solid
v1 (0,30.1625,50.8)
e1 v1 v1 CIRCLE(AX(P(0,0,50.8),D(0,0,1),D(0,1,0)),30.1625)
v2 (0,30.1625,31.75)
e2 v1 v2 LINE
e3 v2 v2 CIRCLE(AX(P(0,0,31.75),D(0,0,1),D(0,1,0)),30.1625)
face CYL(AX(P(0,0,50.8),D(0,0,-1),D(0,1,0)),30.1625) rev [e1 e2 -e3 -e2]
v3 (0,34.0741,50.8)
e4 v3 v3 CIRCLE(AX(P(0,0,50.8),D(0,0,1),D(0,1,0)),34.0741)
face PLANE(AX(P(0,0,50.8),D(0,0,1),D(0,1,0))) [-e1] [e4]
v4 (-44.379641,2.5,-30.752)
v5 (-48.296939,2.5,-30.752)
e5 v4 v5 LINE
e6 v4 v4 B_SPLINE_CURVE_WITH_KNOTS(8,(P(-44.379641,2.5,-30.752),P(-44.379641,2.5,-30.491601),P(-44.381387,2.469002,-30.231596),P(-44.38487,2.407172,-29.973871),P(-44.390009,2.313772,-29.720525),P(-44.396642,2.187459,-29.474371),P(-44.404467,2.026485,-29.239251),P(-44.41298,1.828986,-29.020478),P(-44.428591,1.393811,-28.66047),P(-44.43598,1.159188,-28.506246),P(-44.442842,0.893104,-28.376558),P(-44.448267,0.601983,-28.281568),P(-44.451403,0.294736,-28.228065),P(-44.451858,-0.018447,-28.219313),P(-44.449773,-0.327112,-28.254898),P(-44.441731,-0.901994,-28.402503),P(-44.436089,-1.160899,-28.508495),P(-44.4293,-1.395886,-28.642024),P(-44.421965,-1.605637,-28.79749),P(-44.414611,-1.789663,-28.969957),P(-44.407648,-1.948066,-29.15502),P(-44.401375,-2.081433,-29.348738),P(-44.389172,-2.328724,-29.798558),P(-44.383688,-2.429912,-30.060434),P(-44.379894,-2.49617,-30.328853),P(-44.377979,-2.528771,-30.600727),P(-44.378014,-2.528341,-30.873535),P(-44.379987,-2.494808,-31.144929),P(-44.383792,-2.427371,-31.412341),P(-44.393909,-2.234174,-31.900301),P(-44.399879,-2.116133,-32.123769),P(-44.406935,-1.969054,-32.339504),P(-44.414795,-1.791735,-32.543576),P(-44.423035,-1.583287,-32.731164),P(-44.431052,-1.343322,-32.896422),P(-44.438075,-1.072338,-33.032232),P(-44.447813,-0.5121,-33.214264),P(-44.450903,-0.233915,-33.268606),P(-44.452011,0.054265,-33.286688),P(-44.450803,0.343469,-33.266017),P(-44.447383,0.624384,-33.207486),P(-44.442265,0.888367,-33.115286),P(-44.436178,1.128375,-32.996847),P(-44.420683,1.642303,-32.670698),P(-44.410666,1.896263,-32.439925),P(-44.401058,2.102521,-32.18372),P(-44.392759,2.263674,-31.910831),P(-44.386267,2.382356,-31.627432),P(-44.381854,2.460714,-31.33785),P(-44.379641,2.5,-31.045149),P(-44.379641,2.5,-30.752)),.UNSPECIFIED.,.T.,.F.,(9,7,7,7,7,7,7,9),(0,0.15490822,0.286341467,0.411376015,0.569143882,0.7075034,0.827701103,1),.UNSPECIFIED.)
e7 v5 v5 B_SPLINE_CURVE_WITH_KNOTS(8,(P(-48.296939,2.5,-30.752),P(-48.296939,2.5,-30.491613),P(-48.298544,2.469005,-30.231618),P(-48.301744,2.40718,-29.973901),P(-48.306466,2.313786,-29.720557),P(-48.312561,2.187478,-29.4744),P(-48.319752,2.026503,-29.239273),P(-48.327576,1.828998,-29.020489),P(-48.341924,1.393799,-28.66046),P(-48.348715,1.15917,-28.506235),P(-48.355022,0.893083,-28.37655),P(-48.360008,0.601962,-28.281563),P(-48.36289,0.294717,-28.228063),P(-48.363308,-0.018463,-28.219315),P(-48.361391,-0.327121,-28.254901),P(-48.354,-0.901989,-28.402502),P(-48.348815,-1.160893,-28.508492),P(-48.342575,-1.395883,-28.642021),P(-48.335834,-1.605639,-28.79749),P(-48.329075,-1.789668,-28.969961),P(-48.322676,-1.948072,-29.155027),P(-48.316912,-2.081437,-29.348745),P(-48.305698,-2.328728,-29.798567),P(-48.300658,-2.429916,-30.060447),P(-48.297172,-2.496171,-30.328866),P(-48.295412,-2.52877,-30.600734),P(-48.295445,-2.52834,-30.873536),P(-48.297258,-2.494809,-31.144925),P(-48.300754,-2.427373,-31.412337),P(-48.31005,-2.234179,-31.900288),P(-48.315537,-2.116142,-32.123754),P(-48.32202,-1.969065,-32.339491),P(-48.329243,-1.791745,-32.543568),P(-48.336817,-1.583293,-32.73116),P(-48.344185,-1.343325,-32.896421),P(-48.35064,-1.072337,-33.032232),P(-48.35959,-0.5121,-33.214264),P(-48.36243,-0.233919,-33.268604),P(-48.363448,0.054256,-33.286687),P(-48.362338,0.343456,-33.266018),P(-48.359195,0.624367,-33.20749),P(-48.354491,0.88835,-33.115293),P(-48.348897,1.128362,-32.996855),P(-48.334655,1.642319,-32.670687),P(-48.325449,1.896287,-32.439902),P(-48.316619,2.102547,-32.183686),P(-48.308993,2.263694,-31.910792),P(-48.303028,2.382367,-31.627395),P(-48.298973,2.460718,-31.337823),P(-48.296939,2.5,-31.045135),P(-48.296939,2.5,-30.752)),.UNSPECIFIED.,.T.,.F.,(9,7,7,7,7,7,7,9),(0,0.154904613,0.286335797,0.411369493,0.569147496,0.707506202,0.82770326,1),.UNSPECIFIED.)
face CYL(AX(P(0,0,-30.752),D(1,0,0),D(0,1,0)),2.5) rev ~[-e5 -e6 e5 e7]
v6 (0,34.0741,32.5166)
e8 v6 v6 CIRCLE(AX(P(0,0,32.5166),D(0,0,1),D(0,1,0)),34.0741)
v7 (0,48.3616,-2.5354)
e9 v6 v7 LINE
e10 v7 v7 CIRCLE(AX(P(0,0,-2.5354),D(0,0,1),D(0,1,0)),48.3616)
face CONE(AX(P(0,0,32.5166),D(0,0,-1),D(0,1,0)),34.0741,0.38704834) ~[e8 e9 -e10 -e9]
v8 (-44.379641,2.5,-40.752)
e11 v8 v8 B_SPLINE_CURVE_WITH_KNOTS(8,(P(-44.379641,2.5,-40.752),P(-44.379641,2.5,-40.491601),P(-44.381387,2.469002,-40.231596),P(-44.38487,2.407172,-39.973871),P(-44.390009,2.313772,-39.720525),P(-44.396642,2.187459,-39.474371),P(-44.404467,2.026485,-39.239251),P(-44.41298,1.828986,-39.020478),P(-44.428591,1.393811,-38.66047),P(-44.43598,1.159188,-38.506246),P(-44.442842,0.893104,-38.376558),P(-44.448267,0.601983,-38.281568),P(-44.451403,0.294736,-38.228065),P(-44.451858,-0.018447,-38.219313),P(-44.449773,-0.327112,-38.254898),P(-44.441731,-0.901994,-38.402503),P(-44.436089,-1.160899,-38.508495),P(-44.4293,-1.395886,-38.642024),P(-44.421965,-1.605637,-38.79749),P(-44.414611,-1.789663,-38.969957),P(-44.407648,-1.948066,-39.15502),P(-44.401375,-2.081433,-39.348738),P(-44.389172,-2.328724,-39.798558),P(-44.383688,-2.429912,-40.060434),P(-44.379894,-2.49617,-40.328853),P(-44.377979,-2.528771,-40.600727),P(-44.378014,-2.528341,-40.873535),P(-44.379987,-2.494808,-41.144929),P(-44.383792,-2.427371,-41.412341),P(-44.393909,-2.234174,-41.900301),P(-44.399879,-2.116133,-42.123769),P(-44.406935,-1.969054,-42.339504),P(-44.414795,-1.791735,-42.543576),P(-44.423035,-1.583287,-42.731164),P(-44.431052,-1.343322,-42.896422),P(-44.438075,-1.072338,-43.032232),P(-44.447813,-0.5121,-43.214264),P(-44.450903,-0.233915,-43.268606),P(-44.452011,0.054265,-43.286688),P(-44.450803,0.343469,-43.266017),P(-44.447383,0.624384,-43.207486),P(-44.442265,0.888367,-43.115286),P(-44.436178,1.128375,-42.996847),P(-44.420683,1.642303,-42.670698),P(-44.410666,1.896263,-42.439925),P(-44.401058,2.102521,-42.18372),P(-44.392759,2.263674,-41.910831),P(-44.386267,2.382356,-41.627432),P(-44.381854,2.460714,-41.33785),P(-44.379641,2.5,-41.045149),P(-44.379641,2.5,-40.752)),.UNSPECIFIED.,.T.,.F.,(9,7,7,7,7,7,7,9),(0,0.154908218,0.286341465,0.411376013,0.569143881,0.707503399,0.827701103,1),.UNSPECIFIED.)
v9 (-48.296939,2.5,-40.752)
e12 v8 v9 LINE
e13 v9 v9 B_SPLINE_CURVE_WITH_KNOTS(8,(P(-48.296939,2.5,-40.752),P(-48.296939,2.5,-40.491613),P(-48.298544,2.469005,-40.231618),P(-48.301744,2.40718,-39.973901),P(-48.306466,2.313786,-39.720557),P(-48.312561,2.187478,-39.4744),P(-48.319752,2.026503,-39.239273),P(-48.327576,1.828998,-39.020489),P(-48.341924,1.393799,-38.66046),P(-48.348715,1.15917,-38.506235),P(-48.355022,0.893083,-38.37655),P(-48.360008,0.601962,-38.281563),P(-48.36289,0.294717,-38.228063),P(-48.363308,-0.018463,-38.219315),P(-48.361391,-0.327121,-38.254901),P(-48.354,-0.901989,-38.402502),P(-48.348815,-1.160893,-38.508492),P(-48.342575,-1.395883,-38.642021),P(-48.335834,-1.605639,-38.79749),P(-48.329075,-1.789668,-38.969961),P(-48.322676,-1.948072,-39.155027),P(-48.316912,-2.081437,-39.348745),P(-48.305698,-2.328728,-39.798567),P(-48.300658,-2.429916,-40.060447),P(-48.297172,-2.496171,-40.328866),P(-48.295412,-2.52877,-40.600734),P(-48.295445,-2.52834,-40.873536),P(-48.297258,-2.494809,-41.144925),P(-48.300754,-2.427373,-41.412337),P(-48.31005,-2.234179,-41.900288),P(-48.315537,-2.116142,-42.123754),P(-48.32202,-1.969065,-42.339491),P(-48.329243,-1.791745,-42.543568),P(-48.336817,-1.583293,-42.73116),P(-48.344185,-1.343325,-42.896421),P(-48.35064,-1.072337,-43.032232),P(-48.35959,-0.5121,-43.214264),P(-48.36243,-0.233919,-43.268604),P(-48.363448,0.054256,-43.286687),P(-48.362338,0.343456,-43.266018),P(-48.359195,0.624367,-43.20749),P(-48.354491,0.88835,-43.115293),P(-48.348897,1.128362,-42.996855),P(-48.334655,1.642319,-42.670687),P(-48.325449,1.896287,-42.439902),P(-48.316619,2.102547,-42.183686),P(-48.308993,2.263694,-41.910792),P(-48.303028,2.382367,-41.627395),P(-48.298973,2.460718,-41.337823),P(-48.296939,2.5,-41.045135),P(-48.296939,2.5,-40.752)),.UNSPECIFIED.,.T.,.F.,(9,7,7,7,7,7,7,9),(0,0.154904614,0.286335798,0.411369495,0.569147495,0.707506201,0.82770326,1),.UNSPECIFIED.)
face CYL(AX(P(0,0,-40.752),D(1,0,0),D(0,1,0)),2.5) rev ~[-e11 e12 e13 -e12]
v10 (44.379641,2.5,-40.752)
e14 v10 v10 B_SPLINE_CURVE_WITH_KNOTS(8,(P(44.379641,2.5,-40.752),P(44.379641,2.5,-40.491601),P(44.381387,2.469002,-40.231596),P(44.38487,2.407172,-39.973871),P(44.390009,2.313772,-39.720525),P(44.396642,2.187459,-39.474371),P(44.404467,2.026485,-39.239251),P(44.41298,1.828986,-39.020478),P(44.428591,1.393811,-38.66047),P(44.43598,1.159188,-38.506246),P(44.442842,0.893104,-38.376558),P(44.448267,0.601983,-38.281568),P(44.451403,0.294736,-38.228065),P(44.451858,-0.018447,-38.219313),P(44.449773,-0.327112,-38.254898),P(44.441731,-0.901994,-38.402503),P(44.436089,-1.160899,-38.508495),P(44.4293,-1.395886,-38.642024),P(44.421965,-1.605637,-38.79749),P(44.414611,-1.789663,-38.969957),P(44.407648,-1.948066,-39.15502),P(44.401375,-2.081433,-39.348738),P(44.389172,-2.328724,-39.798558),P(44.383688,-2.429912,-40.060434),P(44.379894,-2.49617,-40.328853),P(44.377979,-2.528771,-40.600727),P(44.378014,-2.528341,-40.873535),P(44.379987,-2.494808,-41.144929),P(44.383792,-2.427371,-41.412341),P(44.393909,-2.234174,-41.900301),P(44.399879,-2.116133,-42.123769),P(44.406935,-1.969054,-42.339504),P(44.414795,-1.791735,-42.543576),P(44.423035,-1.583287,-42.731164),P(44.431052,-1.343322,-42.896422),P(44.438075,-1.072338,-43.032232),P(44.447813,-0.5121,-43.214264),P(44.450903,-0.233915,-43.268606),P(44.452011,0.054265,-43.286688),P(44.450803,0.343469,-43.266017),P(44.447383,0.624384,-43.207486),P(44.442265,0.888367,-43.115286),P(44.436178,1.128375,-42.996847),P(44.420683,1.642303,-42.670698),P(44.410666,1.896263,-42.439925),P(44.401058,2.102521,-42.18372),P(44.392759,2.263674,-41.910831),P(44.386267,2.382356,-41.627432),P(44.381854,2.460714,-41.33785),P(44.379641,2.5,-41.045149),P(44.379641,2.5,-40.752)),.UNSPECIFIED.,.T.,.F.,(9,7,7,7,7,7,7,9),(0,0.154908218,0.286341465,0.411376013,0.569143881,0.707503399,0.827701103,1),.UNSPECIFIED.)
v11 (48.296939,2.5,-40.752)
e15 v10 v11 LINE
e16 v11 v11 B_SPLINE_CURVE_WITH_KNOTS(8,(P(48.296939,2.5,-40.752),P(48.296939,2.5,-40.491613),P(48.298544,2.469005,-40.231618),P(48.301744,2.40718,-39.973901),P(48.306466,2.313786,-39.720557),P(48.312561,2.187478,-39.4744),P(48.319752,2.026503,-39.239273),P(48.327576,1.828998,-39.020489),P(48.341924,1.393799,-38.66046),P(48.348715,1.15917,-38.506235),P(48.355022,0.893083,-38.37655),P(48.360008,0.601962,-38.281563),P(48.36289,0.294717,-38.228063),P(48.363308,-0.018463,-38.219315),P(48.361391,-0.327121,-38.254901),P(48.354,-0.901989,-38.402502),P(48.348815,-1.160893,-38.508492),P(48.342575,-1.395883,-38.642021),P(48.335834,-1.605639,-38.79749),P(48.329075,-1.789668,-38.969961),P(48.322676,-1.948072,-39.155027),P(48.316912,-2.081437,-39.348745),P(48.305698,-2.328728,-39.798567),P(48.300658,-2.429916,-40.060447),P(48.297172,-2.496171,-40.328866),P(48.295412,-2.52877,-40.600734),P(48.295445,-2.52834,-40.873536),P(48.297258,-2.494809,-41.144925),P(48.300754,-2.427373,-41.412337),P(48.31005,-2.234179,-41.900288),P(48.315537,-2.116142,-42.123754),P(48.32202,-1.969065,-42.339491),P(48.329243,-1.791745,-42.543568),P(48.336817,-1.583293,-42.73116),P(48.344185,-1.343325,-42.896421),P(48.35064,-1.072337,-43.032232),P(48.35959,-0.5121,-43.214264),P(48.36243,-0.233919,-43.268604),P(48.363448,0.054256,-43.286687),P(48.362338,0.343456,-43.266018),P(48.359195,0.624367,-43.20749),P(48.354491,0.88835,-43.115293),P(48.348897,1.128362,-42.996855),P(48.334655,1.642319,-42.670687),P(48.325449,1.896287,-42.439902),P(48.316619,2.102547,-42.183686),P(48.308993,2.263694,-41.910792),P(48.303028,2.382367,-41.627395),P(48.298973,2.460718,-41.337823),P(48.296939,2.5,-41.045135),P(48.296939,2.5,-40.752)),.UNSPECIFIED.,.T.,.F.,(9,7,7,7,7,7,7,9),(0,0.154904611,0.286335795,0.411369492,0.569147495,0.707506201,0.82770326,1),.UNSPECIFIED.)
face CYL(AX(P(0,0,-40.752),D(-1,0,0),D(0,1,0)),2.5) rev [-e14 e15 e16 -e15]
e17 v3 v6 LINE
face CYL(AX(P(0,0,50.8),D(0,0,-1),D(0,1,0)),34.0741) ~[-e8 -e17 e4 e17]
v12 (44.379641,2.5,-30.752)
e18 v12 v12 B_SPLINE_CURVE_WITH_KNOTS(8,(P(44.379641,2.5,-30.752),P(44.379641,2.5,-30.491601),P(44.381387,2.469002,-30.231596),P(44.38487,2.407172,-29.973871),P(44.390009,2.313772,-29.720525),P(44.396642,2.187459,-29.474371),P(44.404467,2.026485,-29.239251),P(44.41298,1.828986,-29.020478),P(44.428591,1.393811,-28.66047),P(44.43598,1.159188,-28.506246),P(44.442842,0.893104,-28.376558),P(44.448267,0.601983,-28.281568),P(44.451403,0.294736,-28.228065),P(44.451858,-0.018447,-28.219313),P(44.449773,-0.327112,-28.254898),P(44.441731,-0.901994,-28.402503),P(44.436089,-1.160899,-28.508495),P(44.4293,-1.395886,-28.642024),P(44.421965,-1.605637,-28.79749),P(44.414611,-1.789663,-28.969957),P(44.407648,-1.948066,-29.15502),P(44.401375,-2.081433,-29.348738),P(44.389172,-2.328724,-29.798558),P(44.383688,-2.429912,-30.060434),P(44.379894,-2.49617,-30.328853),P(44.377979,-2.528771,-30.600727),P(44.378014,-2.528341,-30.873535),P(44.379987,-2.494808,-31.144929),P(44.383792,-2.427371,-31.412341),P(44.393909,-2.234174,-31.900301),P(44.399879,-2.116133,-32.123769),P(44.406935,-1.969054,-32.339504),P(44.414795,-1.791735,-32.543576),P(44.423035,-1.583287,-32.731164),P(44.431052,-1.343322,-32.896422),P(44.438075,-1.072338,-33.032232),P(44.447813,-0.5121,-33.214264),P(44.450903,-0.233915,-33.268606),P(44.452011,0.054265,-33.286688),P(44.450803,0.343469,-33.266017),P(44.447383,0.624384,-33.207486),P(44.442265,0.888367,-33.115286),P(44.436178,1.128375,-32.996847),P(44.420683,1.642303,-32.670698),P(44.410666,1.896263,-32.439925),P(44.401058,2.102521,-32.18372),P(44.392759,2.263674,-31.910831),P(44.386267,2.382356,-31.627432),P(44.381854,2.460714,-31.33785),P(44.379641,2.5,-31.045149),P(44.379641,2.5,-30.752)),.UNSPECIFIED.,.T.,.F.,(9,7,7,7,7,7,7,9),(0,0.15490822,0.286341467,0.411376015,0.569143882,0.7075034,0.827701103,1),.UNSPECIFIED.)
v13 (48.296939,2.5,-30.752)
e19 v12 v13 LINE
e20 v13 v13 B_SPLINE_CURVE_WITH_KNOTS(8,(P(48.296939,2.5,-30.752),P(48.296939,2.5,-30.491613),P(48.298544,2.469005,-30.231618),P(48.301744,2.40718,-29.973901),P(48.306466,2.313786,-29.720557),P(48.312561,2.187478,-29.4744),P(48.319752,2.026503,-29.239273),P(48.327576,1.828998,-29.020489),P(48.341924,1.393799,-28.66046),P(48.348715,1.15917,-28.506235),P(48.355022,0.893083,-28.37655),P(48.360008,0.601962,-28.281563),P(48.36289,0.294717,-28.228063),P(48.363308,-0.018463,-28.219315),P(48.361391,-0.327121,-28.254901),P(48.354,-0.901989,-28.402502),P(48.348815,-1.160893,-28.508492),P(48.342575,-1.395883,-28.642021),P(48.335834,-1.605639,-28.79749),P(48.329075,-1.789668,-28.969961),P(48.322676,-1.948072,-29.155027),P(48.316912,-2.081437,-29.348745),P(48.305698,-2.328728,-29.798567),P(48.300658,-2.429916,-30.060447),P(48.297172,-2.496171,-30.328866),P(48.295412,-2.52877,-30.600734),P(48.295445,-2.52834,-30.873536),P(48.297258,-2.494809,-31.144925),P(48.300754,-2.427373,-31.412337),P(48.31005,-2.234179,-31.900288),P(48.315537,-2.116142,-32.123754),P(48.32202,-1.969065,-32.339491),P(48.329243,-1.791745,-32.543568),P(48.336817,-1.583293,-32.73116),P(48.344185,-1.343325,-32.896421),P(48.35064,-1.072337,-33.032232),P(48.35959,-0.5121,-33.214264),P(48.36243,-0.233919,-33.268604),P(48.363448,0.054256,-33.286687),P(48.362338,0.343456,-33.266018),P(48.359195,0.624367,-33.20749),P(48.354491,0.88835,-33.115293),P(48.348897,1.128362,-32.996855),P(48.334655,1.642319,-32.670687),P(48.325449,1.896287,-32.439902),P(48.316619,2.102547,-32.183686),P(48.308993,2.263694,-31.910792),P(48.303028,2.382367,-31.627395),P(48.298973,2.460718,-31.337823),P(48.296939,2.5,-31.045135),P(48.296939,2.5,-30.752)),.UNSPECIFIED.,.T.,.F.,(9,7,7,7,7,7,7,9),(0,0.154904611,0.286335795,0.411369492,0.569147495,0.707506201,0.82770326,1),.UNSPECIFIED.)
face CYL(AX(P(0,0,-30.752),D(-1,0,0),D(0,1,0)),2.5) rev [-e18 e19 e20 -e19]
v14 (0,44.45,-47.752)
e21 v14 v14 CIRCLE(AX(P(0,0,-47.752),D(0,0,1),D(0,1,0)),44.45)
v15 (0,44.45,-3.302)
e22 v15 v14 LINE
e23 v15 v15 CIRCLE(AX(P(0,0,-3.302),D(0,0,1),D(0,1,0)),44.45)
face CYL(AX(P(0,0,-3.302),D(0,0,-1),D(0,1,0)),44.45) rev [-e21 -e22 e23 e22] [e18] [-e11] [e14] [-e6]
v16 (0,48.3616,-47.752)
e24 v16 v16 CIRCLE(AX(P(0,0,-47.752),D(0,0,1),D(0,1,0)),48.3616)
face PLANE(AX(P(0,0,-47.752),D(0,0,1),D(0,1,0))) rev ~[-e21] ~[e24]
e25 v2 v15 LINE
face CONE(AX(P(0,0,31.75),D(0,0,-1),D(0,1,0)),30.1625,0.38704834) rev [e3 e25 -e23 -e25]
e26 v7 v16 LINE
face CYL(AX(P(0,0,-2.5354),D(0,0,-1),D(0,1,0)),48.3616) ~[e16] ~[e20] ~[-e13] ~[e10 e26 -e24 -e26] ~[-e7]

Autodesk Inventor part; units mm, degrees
ref_plane "YZ Plane" through (0, 0, 0) normal (1, 0, 0) x (0, 1, 0)
ref_plane "XZ Plane" through (0, 0, 0) normal (0, 1, 0) x (-1, 0, 0)
ref_plane "XY Plane" through (0, 0, 0) normal (0, 0, 1) x (1, 0, 0)
sketch "Sketch1" plane through (0, 0, 0) normal (1, 0, 0) x (0, 1, 0)
  line L0 (30.1625, 50.8) -> (30.1625, 31.75)
  line L1 (30.1625, 31.75) -> (44.45, -3.302)
  line L2 (44.45, -3.302) -> (44.45, -47.752)
  line L3 (0, 0) -> (0, 58.5884)
  line L4 (34.0741, 50.8) -> (34.0741, 32.5166)
  line L5 (34.0741, 32.5166) -> (48.3616, -2.5354)
  line L6 (48.3616, -2.5354) -> (48.3616, -47.752)
  line L7 (34.0741, 50.8) -> (30.1625, 50.8)
  line L8 (48.3616, -47.752) -> (44.45, -47.752)
  line L9 (0, 0) -> (18.7543, 0) construction
  dimension "d0" = 60.325
  dimension "d1" = 88.9
  dimension "d2" = 19.05
  dimension "d3" = 44.45
  dimension "d4" = 3.9116
  dimension "d5" = 98.552
  dimension "d6" = 50.8
revolve "Revolution1" add sketch "Sketch1" angle 360 about axis through (0, 0, 0) along (0, 0, 1)
sketch "Sketch3" plane through (0, 0, 0) normal (1, 0, 0) x (0, 1, 0)
  circle A0 centre (0, -40.752) radius 2.5
  circle A1 centre (0, -30.752) radius 2.5
  line L0 (44.45, -47.752) -> (-44.45, -47.752) projected
  point P0 (0, 0)
  dimension "d8" = 5
  dimension "d9" = 5
  dimension "d10" = 7
  dimension "d11" = 10
extrude "Extrusion1" cut sketch "Sketch3" along normal through all both and the other way through all
properties part number "2in to 4in Reducer" material "PVC-Piping"
